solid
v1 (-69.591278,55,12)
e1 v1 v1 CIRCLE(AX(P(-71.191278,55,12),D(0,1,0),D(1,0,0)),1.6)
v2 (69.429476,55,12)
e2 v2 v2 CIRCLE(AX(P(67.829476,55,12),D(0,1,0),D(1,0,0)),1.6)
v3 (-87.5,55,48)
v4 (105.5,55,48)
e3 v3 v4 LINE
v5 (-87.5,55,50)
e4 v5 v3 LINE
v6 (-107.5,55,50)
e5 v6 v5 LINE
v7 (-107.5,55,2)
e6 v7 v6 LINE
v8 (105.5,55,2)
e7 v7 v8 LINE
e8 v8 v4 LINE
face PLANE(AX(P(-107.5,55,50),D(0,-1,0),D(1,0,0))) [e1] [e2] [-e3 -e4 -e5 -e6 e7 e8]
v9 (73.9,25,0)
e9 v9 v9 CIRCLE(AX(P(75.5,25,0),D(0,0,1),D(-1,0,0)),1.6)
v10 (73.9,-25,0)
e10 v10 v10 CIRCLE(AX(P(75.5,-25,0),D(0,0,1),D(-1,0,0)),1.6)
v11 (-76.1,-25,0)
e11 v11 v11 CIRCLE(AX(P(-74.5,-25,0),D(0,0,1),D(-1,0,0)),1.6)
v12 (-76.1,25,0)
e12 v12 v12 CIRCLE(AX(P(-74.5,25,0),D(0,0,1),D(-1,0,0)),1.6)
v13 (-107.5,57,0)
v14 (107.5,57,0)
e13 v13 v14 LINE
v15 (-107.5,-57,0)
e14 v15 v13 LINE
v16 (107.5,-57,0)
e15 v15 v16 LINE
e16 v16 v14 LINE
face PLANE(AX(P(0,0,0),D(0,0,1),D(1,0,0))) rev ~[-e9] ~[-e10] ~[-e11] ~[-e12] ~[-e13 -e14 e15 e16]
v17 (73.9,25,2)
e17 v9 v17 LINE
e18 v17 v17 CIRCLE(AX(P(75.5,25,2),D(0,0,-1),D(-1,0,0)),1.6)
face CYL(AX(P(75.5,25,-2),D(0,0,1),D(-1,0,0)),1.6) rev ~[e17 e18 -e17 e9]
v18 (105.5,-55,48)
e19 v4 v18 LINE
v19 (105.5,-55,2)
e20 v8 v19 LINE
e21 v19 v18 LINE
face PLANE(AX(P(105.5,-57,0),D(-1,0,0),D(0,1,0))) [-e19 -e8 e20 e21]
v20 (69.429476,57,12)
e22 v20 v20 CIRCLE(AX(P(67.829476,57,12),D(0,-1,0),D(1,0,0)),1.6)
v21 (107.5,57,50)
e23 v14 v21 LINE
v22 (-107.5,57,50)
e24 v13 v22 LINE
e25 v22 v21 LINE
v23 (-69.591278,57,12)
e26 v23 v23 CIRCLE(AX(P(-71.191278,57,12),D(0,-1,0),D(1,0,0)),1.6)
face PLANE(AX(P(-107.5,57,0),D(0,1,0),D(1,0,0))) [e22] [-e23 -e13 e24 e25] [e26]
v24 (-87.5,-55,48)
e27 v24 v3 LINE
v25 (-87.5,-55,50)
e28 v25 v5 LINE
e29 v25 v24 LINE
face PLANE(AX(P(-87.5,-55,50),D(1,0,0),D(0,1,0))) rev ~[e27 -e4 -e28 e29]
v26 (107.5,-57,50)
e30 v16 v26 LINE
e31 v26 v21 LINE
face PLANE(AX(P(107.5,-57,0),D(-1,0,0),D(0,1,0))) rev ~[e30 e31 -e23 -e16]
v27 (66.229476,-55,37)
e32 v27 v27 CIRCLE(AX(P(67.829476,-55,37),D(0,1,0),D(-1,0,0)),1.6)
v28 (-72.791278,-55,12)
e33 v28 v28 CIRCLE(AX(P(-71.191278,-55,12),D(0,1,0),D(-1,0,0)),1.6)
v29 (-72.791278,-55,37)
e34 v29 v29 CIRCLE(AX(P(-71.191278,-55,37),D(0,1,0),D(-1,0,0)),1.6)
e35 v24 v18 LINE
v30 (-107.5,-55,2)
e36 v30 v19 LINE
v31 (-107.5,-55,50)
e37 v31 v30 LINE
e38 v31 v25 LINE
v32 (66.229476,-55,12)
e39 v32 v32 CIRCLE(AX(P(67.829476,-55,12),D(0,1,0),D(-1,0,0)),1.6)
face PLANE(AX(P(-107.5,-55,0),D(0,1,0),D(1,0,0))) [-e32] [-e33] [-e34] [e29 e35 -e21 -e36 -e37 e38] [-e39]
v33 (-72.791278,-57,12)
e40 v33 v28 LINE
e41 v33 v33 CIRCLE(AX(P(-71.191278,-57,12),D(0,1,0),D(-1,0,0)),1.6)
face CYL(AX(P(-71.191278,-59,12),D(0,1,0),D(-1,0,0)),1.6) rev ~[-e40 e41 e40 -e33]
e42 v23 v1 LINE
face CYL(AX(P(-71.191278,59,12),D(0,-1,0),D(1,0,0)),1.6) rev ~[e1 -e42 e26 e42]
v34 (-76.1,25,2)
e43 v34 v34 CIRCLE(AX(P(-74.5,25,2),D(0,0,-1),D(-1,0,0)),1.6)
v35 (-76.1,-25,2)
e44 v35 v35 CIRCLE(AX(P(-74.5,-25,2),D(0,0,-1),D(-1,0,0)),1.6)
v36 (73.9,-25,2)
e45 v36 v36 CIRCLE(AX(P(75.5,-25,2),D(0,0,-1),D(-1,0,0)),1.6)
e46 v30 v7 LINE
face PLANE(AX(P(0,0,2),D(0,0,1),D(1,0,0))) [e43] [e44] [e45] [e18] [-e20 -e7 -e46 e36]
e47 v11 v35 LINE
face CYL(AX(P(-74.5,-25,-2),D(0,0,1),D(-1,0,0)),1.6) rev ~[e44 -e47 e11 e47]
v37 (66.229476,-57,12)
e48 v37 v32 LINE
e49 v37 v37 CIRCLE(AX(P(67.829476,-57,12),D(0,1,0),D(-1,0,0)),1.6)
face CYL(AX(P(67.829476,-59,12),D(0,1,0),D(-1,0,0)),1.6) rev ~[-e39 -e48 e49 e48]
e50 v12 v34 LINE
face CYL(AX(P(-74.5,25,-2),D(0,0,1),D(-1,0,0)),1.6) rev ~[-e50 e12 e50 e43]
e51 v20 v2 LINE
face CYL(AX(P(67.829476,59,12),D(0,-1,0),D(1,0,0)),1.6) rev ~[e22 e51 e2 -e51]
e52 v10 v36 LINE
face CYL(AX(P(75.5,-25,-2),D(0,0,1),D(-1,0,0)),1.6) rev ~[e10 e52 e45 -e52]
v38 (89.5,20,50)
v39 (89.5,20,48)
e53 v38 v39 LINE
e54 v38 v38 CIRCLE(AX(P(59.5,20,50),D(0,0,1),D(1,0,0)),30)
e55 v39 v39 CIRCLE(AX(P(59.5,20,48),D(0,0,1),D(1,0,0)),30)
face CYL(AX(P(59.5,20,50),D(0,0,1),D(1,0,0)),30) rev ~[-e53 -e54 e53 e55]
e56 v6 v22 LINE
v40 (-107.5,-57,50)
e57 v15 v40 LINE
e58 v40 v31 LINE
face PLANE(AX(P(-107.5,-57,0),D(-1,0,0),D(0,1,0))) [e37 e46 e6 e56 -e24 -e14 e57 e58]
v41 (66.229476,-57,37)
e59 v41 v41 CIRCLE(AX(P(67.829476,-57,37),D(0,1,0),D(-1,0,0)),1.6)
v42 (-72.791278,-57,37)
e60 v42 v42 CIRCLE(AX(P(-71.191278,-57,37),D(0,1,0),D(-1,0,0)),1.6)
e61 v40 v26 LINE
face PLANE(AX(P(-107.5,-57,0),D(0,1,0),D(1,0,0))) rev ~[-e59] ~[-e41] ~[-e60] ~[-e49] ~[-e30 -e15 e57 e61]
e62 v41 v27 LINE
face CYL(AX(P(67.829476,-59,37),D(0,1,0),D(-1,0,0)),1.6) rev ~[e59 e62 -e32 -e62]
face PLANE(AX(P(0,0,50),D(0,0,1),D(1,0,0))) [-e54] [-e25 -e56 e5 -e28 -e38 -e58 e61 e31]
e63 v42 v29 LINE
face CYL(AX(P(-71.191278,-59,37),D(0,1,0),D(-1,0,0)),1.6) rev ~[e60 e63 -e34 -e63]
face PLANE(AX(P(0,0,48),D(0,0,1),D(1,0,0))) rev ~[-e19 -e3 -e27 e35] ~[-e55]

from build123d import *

# Parameters (mm, degrees)
F0_W           = 215
F0_H           = 114
F1_DEPTH       = 50
F2_T           = -2
F3_W           = 20
F3_H           = 110
F3_R           = 30
F4_DEPTH       = 2
F8_D           = 3.2
F8_DEPTH       = 2
F8_TIP         = 0.9613769904
F8_ON_F5_D     = 3.2
F8_ON_F5_DEPTH = 2
F8_ON_F5_TIP   = 0.9613769904
F8_ON_F6_D     = 3.2
F8_ON_F6_DEPTH = 2
F8_ON_F6_TIP   = 0.9613769904


with BuildPart() as f1:
    # F0 (on Top) → F1 (new body)
    with BuildSketch(Plane.XY):
        Rectangle(F0_W, F0_H)
    extrude(amount=F1_DEPTH)

    # F2
    f2_openings = [f1.faces().sort_by_distance(p)[0] for p in [
        (-107.5, 0, 25),
    ]]
    offset(amount=F2_T, openings=f2_openings)

    # F3 (on face) → F4 (cut, through all)
    with BuildSketch(Plane.XY.offset(50)):
        with Locations((-97.5, 0)):
            Rectangle(F3_W, F3_H)
        with Locations((59.5, 20)):
            Circle(F3_R)
    extrude(amount=-F4_DEPTH, mode=Mode.SUBTRACT)

    # F8
    with Locations(Plane(origin=(0, 0, 0), x_dir=(1, 0, 0), z_dir=(0, 0, -1))):
        with Locations((-74.5, 25), (-74.5, -25), (75.5, -25), (75.5, 25)):
            Hole(F8_D / 2, depth=F8_DEPTH)
            with Locations((0, 0, -(F8_DEPTH + F8_TIP / 2))):  # 118° drill point
                Cone(0, F8_D / 2, F8_TIP, mode=Mode.SUBTRACT)

    # F8 on F5
    with Locations(Plane.XZ.offset(57)):
        with Locations((-71.1912775098, 37), (-71.1912775098, 12), (67.8294761911, 37), (67.8294761911, 12)):
            Hole(F8_ON_F5_D / 2, depth=F8_ON_F5_DEPTH)
            with Locations((0, 0, -(F8_ON_F5_DEPTH + F8_ON_F5_TIP / 2))):  # 118° drill point
                Cone(0, F8_ON_F5_D / 2, F8_ON_F5_TIP, mode=Mode.SUBTRACT)

    # F8 on F6
    with Locations(Plane(origin=(0, 57, 0), x_dir=(-1, 0, 0), z_dir=(0, 1, 0))):
        with Locations((71.1912775098, 12), (-67.8294761911, 12)):
            Hole(F8_ON_F6_D / 2, depth=F8_ON_F6_DEPTH)
            with Locations((0, 0, -(F8_ON_F6_DEPTH + F8_ON_F6_TIP / 2))):  # 118° drill point
                Cone(0, F8_ON_F6_D / 2, F8_ON_F6_TIP, mode=Mode.SUBTRACT)


solid = f1.part
